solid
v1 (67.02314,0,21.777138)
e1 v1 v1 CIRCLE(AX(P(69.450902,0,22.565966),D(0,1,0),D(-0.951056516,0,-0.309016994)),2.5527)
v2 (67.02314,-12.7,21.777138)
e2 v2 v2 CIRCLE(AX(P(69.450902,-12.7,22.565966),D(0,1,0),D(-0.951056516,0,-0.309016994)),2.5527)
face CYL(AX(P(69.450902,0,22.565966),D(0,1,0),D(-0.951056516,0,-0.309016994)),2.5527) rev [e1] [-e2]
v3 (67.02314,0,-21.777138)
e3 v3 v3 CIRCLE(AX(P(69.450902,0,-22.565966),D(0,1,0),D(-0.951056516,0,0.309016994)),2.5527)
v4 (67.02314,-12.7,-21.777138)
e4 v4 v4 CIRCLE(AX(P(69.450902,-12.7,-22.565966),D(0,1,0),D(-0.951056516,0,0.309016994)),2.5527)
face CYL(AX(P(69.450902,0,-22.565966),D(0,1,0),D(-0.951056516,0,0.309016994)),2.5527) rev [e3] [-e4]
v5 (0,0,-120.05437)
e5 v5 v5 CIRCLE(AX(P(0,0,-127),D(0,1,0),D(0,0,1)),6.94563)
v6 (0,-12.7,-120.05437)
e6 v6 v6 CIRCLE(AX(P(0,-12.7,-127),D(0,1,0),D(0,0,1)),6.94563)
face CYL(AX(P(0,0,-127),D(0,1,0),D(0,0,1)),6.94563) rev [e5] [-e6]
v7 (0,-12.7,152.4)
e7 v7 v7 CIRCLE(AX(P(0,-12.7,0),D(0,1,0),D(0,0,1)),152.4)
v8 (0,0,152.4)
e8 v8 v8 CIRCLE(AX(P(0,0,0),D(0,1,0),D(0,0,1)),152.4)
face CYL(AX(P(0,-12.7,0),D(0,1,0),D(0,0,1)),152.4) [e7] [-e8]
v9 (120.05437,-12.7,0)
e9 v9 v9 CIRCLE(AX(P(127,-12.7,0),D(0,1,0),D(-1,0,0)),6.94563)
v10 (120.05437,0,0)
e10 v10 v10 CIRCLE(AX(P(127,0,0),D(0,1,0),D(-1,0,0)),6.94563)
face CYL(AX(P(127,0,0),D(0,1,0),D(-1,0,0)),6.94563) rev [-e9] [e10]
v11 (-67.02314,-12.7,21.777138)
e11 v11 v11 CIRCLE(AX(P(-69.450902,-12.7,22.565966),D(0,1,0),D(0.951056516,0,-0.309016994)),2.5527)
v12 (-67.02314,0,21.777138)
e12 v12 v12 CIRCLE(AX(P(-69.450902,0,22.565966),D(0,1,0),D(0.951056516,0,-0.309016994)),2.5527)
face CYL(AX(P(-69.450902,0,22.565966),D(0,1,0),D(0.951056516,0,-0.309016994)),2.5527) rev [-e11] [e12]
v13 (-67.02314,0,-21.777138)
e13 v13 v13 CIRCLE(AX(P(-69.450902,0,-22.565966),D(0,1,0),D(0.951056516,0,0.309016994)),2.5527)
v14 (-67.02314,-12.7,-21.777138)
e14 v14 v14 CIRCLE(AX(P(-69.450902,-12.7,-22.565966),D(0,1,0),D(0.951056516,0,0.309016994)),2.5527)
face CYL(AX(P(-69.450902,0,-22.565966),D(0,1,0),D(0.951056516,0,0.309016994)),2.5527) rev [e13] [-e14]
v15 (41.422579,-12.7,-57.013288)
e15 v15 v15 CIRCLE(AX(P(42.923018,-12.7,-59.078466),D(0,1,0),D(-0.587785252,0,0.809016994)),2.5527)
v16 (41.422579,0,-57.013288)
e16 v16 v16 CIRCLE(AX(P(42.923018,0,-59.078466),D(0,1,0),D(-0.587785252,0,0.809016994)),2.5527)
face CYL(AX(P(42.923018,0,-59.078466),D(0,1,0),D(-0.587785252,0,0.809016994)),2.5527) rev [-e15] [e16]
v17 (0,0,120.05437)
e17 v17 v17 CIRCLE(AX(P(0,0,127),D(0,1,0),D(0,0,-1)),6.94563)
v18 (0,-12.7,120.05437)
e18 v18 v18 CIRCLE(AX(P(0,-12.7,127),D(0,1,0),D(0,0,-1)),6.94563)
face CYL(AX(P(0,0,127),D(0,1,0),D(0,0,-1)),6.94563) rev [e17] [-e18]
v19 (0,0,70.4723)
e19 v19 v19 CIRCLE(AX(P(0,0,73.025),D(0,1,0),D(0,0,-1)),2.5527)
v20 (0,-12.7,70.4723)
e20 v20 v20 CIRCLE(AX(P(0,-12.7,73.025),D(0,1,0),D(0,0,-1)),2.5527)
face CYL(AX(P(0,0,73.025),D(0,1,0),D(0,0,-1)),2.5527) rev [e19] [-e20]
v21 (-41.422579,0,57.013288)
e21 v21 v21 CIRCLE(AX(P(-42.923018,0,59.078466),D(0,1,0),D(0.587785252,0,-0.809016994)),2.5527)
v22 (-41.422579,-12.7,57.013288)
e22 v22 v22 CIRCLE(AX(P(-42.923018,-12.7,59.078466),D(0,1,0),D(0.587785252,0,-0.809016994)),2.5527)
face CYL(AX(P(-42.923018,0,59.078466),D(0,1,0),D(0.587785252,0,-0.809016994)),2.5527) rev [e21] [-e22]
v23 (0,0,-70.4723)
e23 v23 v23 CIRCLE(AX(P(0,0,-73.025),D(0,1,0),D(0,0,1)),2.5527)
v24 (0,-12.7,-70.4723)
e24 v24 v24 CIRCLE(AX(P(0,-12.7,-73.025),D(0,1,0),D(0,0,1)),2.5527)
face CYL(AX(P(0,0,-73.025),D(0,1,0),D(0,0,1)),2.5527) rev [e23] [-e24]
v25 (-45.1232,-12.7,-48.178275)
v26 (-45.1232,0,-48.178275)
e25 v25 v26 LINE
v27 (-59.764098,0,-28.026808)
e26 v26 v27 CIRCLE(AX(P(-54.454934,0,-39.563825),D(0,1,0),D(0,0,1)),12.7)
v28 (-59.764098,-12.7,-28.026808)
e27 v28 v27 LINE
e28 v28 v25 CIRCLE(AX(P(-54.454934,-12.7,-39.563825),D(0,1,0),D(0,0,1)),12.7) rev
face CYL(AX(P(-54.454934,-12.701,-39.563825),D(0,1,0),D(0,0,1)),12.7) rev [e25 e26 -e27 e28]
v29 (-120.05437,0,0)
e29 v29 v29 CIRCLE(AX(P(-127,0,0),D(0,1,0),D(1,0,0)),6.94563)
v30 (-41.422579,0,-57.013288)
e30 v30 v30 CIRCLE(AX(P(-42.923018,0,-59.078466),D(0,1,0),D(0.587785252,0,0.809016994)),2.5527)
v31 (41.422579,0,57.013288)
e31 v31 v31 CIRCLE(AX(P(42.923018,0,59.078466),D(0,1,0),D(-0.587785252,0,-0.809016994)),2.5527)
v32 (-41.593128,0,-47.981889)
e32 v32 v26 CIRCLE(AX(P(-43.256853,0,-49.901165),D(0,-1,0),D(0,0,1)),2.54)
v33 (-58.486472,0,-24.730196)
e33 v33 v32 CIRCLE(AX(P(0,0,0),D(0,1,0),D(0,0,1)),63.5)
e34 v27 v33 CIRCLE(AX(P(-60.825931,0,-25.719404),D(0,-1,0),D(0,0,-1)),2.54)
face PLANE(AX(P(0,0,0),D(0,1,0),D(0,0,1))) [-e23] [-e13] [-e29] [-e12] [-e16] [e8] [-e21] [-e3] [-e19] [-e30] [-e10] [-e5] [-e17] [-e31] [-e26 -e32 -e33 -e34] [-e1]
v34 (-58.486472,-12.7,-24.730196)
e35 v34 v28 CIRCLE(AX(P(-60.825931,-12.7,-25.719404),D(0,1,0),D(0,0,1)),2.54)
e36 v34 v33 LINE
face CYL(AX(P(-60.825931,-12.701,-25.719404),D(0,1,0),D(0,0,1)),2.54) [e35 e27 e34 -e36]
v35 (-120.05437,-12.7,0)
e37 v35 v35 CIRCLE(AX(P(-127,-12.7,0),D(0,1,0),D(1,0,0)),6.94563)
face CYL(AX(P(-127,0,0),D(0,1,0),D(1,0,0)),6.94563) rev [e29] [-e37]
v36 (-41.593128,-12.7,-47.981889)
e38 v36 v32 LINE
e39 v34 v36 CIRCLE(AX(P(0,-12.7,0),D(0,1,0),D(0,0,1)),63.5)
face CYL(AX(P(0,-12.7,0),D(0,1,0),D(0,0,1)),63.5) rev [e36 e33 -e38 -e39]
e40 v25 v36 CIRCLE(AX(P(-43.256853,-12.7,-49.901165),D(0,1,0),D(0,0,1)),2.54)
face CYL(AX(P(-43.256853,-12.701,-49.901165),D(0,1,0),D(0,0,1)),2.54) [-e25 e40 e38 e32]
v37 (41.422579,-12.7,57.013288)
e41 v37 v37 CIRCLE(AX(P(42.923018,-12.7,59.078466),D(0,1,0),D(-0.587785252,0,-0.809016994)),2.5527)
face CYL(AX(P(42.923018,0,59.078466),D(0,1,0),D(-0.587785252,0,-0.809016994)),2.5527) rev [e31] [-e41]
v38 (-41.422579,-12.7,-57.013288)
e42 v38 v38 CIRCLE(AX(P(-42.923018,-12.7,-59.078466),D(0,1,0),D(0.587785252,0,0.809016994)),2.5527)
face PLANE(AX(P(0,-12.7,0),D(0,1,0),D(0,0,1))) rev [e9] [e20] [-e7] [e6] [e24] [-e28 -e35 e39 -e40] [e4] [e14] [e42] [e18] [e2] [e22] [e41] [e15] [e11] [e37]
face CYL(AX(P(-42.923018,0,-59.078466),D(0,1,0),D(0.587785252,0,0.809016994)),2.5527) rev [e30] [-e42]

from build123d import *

# Parameters (mm, degrees)
SKETCH1_R                           = 152.4
SKETCH1_R_2                         = 63.5
THRUSTPLATE_TC3_DEPTH               = 12.7
UNDEF_CLEARANCE_THRUSTPLATE_D       = 13.89126
CLEARANCE_THRUSTPLATE_PATTERN_COUNT = 4
F_10_CLEARANCE_HOLE1_D              = 5.1054
CIRPATTERN1_COUNT                   = 10
CUT_EXTRUDE1_REACH                  = 217.9


with BuildPart() as part:
    # Sketch1 → ThrustPlate_TC3 (new body)
    with BuildSketch(Plane(origin=(0, 0, 0), x_dir=(1, 0, 0), z_dir=(0, 1, 0))):
        with Locations(Location((0, 0, 0), (0, 0, 270))):
            Circle(SKETCH1_R)
        with Locations(Location((0, 0, 0), (0, 0, 270))):
            Circle(SKETCH1_R_2, mode=Mode.SUBTRACT)
    extrude(amount=-THRUSTPLATE_TC3_DEPTH)

    # UNDEF_Clearance_ThrustPlate (through all)
    with Locations(Plane(origin=(0, 0, 0), x_dir=(1, 0, 0), z_dir=(0, 1, 0))):
        with Locations((0, 127)):
            undef_clearance_thrustplate = Hole(UNDEF_CLEARANCE_THRUSTPLATE_D / 2)

    # Clearance_ThrustPlate_Pattern: UNDEF_Clearance_ThrustPlate ×4 about axis
    clearance_thrustplate_pattern_axis = Axis((0, 0, 0), (0, 1, 0))
    for i in range(1, CLEARANCE_THRUSTPLATE_PATTERN_COUNT):
        add(undef_clearance_thrustplate.rotate(clearance_thrustplate_pattern_axis, i * 360 / CLEARANCE_THRUSTPLATE_PATTERN_COUNT), mode=Mode.SUBTRACT)

    # #10 Clearance Hole1 (through all)
    with Locations(Plane(origin=(0, 0, 0), x_dir=(1, 0, 0), z_dir=(0, 1, 0))):
        with Locations((0, 73.025)):
            f_10_clearance_hole1 = Hole(F_10_CLEARANCE_HOLE1_D / 2)

    # CirPattern1: #10 Clearance Hole1 ×10 about axis
    cirpattern1_axis = Axis((0, 0, 0), (0, 1, 0))
    for i in range(1, CIRPATTERN1_COUNT):
        add(f_10_clearance_hole1.rotate(cirpattern1_axis, i * 360 / CIRPATTERN1_COUNT), mode=Mode.SUBTRACT)

    # Sketch24 → Cut-Extrude1 (cut, up to next)
    with BuildSketch(Plane(origin=(0, 0, 0), x_dir=(1, 0, 0), z_dir=(0, 1, 0)), mode=Mode.PRIVATE) as cut_extrude1_sk1:
        with BuildLine():
            ThreePointArc((-45.123199962, 48.17827493), (-64.72944972, 47.028698036), (-59.764097944, 28.026807647))
            ThreePointArc((-59.764097944, 28.026807647), (-58.45757522, 26.637277771), (-58.48647188, 24.73019626))
            ThreePointArc((-58.48647188, 24.73019626), (-51.372579143, 37.324363521), (-41.593128054, 47.981889278))
            ThreePointArc((-41.593128054, 47.981889278), (-43.397940793, 47.365086324), (-45.123199962, 48.17827493))
        make_face()
    cut_extrude1_tool1 = extrude(cut_extrude1_sk1.sketch, amount=-CUT_EXTRUDE1_REACH, mode=Mode.PRIVATE) & part.part
    add(cut_extrude1_tool1.solids().sort_by_distance((-57.000167, 0, -41.413046))[0], mode=Mode.SUBTRACT)


solid = part.part
